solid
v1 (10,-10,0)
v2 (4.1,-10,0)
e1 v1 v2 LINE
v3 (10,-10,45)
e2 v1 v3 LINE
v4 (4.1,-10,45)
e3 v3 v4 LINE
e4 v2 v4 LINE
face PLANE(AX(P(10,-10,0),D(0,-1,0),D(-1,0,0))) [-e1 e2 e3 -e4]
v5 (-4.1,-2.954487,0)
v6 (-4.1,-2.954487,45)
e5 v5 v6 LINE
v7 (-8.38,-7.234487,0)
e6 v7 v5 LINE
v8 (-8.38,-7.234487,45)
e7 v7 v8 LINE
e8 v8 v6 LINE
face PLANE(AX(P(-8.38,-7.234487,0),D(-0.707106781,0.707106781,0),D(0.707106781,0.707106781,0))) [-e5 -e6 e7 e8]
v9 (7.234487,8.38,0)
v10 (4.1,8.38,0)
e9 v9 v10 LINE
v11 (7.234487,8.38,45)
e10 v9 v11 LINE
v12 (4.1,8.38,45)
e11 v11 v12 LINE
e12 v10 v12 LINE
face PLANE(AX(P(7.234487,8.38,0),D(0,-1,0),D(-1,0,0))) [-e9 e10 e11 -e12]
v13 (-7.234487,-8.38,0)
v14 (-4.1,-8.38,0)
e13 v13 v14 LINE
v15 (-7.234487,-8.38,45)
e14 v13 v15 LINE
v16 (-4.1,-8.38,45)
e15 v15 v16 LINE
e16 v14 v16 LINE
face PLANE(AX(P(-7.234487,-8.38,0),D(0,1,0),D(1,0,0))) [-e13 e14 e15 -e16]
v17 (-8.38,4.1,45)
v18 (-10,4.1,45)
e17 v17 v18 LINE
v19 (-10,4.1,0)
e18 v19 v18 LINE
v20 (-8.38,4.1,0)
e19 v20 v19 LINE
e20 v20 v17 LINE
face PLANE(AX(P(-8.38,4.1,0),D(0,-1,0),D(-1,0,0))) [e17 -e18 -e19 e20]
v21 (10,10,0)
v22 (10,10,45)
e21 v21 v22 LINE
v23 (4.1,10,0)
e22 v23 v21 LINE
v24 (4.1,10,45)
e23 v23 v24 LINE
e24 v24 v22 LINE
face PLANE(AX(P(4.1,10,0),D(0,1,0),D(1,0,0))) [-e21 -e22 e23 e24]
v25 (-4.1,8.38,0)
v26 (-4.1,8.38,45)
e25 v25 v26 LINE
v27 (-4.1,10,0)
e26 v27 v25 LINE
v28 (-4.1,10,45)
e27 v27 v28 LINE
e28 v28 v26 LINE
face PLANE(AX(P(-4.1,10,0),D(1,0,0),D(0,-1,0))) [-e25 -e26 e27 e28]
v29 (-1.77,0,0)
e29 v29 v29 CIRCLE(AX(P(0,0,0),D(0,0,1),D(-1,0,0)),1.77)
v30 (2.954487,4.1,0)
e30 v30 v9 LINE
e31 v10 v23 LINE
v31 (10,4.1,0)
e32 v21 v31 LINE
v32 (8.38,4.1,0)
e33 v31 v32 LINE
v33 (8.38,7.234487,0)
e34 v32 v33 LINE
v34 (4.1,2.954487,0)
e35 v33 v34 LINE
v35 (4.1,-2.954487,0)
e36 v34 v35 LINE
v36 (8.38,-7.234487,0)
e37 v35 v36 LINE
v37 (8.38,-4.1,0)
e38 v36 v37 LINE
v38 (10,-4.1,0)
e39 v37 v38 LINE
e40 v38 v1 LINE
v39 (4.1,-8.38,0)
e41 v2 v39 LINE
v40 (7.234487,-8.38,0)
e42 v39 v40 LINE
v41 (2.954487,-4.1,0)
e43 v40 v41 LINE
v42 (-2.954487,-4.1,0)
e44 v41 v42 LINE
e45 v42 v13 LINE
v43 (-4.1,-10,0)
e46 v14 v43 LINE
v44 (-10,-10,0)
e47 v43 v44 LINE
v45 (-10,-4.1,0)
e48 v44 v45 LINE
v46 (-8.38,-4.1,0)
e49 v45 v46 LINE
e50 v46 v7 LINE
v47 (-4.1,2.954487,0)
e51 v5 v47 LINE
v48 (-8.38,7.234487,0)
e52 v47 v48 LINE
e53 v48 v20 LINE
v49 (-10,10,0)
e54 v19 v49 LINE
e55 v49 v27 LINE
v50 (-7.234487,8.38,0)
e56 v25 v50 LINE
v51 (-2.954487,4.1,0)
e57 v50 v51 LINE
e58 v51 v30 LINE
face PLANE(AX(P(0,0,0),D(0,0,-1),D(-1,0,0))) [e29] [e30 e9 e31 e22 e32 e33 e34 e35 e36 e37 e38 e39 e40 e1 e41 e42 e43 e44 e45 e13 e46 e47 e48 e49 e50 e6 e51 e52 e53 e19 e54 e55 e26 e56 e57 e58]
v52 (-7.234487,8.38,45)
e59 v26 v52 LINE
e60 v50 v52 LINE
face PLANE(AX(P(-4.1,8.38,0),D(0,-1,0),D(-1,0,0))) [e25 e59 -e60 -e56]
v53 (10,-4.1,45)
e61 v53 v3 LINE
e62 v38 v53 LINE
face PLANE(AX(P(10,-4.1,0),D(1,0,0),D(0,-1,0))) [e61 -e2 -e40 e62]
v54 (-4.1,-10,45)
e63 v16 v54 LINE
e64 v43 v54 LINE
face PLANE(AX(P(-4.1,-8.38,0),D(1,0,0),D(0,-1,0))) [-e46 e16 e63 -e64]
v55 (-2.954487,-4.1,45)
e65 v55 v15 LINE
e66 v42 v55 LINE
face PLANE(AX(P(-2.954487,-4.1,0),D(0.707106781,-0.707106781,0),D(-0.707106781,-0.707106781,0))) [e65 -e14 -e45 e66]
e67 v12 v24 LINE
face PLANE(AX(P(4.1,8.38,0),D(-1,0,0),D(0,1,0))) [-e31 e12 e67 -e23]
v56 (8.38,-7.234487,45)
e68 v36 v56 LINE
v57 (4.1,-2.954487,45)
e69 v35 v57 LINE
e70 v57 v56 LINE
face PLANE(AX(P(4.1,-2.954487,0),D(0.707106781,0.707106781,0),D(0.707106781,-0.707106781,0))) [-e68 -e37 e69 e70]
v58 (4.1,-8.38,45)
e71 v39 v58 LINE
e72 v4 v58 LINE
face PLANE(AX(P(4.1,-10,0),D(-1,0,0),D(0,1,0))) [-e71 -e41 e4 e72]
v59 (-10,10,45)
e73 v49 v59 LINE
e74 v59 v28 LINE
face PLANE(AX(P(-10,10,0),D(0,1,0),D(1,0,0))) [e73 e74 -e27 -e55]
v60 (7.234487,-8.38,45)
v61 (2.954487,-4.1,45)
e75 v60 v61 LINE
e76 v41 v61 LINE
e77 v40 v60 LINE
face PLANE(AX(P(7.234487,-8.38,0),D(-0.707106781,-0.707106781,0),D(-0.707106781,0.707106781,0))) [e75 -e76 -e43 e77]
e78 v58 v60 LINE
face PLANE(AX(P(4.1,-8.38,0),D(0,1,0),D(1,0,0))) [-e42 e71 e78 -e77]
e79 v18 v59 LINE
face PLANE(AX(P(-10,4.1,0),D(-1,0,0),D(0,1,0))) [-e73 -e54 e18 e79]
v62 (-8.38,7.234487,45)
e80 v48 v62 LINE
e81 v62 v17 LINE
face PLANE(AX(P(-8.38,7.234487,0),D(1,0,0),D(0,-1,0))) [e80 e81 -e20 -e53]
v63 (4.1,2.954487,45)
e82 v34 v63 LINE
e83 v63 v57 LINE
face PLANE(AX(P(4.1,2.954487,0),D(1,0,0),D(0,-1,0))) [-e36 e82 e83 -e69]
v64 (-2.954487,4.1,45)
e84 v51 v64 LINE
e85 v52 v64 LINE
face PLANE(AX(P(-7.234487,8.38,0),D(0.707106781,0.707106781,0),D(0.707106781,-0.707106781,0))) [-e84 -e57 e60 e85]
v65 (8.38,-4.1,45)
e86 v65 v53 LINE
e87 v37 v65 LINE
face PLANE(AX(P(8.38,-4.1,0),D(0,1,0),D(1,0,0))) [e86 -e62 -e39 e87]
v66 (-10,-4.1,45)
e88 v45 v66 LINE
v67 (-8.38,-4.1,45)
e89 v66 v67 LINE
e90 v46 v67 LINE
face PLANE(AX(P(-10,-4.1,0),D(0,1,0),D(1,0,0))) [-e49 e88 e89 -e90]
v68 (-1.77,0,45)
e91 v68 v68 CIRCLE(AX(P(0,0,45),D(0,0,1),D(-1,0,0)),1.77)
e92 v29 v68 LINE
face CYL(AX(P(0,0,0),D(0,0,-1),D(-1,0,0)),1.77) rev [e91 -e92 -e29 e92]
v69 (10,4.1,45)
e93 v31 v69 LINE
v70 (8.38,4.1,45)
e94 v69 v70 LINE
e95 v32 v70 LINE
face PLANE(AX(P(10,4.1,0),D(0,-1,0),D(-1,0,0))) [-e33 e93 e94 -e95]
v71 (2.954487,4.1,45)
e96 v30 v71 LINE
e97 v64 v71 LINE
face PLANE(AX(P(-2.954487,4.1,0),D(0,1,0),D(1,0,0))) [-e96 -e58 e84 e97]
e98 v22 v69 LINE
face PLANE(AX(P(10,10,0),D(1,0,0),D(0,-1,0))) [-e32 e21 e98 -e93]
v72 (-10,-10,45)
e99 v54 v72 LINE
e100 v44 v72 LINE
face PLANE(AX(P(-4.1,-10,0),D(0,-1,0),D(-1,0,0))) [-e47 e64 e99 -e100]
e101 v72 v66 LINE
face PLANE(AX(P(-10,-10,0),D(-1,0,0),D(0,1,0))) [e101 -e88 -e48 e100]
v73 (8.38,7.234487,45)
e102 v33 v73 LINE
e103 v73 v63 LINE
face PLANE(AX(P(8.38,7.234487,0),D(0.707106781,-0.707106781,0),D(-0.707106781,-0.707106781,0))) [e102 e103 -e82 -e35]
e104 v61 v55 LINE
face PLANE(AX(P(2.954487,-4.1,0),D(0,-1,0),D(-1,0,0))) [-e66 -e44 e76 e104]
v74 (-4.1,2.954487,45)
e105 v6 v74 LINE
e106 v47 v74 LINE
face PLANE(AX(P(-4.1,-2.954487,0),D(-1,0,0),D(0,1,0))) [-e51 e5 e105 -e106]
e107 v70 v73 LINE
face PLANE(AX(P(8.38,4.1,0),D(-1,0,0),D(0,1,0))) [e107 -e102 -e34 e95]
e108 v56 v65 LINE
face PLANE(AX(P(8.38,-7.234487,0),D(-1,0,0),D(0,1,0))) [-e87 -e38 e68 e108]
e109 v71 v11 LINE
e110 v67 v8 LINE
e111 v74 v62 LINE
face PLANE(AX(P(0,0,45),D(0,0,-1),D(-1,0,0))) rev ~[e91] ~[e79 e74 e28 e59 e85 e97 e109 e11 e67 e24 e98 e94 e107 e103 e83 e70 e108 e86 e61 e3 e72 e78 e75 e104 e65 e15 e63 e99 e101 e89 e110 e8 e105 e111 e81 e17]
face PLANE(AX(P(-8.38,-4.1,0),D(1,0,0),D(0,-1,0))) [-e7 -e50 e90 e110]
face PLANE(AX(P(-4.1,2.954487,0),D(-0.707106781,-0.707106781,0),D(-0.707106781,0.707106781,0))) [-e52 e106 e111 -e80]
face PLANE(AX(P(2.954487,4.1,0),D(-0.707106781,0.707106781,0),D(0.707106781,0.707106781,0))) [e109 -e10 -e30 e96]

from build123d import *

# Parameters (mm, degrees)
SKETCH1_R           = 1.77
BOSS_EXTRUDE1_DEPTH = 45


with BuildPart() as part:
    # Sketch1 → Boss-Extrude1 (new body)
    with BuildSketch(Plane.XY):
        Polygon((-8.38, 4.1), (-10, 4.1), (-10, 10), (-4.1, 10), (-4.1, 8.38), (-7.234487014, 8.38), (-2.954487014, 4.1), (2.954487014, 4.1), (7.234487014, 8.38), (4.1, 8.38), (4.1, 10), (10, 10), (10, 4.1), (8.38, 4.1), (8.38, 7.234487014), (4.1, 2.954487014), (4.1, -2.954487014), (8.38, -7.234487014), (8.38, -4.1), (10, -4.1), (10, -10), (4.1, -10), (4.1, -8.38), (7.234487014, -8.38), (2.954487014, -4.1), (-2.954487014, -4.1), (-7.234487014, -8.38), (-4.1, -8.38), (-4.1, -10), (-10, -10), (-10, -4.1), (-8.38, -4.1), (-8.38, -7.234487014), (-4.1, -2.954487014), (-4.1, 2.954487014), (-8.38, 7.234487014), align=None)
        with Locations(Location((0, 0, 0), (0, 0, 180))):
            Circle(SKETCH1_R, mode=Mode.SUBTRACT)
    extrude(amount=BOSS_EXTRUDE1_DEPTH)


solid = part.part
